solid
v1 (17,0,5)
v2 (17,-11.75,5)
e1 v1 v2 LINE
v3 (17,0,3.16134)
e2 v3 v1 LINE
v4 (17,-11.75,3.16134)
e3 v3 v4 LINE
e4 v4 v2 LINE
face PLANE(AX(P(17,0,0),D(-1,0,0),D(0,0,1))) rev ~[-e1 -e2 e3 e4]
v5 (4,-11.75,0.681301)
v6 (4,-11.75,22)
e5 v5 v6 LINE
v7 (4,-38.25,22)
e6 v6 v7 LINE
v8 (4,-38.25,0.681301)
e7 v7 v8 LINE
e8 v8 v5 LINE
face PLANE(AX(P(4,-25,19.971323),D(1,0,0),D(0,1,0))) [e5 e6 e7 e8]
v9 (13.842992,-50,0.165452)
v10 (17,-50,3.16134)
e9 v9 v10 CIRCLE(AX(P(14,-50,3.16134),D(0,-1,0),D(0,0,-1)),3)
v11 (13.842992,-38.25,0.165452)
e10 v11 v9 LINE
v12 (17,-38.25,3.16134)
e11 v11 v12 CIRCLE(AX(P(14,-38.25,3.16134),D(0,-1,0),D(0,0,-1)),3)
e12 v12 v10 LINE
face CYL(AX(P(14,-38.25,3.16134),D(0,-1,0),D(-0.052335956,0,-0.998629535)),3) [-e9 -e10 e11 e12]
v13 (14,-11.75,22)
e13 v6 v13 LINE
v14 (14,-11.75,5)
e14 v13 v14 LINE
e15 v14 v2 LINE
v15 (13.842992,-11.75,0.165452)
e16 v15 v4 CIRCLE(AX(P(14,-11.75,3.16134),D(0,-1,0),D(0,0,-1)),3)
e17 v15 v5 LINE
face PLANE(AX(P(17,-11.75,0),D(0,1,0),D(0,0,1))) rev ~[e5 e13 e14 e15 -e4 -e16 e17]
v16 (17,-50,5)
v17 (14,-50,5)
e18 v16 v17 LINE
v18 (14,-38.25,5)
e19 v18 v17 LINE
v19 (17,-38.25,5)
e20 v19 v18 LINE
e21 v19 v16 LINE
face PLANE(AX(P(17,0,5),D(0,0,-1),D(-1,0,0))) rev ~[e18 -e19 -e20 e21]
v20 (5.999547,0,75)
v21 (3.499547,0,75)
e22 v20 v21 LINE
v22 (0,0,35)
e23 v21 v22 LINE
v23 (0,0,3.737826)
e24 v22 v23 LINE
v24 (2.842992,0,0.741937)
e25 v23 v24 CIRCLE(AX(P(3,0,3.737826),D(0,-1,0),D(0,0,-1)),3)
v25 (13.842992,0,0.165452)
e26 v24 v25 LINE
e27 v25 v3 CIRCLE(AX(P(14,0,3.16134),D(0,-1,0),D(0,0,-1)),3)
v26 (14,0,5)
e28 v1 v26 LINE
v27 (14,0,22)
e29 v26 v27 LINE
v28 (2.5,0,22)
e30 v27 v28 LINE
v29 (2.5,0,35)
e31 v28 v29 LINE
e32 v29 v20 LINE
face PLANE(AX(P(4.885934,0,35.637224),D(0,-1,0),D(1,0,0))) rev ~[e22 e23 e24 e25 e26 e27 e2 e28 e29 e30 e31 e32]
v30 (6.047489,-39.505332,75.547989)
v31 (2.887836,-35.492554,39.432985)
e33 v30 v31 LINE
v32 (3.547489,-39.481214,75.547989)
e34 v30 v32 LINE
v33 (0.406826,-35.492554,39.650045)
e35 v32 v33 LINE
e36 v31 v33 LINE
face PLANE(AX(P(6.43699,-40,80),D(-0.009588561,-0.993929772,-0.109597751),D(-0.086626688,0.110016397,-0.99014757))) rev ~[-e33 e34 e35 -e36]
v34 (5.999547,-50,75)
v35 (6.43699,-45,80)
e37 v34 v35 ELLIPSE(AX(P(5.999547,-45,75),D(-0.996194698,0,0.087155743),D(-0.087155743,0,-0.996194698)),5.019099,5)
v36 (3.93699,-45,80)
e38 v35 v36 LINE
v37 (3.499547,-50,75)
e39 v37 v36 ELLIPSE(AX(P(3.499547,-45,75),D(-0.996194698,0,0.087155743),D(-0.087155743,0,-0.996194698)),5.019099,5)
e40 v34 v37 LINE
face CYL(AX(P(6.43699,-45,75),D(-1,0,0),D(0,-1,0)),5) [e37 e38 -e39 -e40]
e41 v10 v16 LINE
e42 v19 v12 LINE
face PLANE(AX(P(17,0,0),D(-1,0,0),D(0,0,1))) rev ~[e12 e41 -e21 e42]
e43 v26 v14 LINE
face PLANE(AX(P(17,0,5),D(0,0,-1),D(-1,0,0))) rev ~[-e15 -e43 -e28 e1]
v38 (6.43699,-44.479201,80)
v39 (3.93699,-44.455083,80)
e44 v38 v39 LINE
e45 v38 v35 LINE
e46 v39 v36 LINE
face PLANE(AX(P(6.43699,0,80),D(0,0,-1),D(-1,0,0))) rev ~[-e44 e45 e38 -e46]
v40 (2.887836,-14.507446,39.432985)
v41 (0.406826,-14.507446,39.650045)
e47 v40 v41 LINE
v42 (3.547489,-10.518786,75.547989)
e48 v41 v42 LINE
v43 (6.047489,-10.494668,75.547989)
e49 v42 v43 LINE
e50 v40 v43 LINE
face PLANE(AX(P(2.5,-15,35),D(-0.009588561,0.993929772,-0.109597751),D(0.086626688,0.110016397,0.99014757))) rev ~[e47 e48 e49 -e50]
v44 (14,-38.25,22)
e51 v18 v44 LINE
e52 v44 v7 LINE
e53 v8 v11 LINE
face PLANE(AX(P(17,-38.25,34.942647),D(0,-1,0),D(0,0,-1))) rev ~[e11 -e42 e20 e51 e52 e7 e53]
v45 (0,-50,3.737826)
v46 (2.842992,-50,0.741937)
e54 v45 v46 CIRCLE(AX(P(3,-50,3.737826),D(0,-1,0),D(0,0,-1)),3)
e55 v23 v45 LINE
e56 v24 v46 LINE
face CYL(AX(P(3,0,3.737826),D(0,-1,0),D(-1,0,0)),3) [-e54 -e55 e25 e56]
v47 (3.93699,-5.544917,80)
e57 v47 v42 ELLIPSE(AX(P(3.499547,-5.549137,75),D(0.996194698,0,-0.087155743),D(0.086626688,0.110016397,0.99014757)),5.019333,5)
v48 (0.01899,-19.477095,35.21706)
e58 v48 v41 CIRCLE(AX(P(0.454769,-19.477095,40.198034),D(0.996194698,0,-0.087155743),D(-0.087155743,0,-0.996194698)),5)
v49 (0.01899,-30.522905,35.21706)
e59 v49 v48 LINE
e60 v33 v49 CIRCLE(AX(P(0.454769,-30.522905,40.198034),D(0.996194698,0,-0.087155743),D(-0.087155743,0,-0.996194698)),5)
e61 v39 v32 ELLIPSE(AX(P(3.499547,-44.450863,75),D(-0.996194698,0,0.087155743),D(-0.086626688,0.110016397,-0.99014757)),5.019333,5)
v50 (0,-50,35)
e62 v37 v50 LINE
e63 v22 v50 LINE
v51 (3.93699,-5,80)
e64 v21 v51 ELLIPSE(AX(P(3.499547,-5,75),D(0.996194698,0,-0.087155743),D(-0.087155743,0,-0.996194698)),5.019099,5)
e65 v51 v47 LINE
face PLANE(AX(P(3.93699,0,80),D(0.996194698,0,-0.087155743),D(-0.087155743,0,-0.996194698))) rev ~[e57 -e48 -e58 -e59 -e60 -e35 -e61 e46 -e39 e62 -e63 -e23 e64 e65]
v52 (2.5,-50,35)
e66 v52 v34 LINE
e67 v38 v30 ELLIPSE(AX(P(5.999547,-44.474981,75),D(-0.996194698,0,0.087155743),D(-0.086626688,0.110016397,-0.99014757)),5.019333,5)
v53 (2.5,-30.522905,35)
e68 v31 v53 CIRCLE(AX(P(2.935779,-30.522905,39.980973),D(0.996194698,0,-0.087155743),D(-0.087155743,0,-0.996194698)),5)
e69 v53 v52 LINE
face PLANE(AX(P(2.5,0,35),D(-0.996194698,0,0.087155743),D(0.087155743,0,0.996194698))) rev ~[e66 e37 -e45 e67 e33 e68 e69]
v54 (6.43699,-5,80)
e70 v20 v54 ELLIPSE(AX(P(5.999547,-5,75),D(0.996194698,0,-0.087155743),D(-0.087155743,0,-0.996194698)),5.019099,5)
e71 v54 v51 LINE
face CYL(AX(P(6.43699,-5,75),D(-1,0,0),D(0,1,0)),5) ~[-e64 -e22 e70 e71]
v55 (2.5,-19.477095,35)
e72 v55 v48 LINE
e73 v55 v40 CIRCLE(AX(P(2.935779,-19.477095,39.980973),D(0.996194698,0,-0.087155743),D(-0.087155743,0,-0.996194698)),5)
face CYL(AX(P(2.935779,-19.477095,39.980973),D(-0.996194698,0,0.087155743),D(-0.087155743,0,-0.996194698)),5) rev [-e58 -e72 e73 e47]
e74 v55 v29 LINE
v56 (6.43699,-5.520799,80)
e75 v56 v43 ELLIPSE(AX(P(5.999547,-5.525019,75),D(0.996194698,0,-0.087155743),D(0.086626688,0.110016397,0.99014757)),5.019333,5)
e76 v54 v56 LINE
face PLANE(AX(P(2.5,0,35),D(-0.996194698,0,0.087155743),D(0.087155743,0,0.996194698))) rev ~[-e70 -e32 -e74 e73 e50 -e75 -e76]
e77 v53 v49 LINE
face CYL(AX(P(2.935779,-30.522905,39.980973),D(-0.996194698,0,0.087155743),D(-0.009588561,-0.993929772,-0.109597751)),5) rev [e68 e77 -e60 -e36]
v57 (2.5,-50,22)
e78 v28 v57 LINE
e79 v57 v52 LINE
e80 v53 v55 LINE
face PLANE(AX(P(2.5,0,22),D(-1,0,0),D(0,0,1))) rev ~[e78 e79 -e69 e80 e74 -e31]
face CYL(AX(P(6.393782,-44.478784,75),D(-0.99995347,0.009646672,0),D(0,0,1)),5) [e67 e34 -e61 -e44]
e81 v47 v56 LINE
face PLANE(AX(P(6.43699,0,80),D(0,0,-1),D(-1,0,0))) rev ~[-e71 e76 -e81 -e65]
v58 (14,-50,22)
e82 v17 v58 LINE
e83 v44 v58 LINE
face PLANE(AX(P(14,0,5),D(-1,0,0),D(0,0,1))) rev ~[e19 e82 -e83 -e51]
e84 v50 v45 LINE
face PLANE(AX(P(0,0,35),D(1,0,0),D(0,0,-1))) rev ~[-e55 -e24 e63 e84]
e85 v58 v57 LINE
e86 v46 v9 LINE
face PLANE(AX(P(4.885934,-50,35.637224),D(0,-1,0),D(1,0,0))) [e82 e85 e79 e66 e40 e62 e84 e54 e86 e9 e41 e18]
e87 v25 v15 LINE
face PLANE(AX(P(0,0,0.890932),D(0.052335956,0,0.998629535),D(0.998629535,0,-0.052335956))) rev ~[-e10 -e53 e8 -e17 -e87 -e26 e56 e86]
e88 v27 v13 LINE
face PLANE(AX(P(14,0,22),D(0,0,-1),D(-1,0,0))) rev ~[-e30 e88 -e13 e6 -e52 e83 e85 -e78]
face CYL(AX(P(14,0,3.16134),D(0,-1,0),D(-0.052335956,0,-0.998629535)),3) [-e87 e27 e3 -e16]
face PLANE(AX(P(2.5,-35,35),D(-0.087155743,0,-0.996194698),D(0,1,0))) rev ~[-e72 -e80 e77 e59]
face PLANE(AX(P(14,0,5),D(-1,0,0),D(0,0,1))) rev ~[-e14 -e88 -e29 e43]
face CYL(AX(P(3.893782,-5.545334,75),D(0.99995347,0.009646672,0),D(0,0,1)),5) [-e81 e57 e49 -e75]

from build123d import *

# Parameters (mm, degrees)
F1_DEPTH = 50
F2_W     = 26.5
F2_H     = 29.9426466227
F2_H_2   = 5
F3_DEPTH = 13
F5_R     = 3
F7_DEPTH = 25
F8_R     = 5


with BuildPart() as f1:
    # F0 (on Front) → F1 (new body)
    with BuildSketch(Plane.XZ):
        Polygon((0, 35), (0, 0.8909322478), (17, 0), (17, 5), (14, 5), (14, 22), (2.5, 22), (2.5, 35), (6.4369898587, 80), (3.9369898587, 80), align=None)
    extrude(amount=F1_DEPTH)

    # F2 (on face) → F3 (cut)
    with BuildSketch(Plane.YZ.offset(17)):
        with Locations((-25, 19.9713233113)):
            Rectangle(F2_W, F2_H)
        with Locations((-25, 2.5)):
            Rectangle(F2_W, F2_H_2)
    extrude(amount=-F3_DEPTH, mode=Mode.SUBTRACT)

    # F5
    f5_edges = [f1.edges().sort_by_distance(p)[0] for p in [
        (0, -25, 0.890932),
        (17, -44.125, 0),
        (17, -5.875, 0),
    ]]
    fillet(f5_edges, radius=F5_R)

    # F6 (on face) → F7 (cut)
    with BuildSketch(Plane(origin=(-0.5578334179, 0, 0.0488041002), x_dir=(0, 1, 0), z_dir=(0.9961946981, 0, -0.0871557427))):
        Polygon((-40, 80.2565964795), (-35, 35.0847037901), (-15, 35.0847037901), (-10, 80.2565964795), align=None)
    extrude(amount=-F7_DEPTH, mode=Mode.SUBTRACT)

    # F8
    f8_edges = [f1.edges().sort_by_distance(p)[0] for p in [
        (5.18699, -50, 80),
        (5.18699, -39.987941, 80),
        (5.18699, -10.012059, 80),
        (5.18699, 0, 80),
        (1.259495, -15, 35.10853),
        (1.259495, -35, 35.10853),
    ]]
    fillet(f8_edges, radius=F8_R)


solid = f1.part
